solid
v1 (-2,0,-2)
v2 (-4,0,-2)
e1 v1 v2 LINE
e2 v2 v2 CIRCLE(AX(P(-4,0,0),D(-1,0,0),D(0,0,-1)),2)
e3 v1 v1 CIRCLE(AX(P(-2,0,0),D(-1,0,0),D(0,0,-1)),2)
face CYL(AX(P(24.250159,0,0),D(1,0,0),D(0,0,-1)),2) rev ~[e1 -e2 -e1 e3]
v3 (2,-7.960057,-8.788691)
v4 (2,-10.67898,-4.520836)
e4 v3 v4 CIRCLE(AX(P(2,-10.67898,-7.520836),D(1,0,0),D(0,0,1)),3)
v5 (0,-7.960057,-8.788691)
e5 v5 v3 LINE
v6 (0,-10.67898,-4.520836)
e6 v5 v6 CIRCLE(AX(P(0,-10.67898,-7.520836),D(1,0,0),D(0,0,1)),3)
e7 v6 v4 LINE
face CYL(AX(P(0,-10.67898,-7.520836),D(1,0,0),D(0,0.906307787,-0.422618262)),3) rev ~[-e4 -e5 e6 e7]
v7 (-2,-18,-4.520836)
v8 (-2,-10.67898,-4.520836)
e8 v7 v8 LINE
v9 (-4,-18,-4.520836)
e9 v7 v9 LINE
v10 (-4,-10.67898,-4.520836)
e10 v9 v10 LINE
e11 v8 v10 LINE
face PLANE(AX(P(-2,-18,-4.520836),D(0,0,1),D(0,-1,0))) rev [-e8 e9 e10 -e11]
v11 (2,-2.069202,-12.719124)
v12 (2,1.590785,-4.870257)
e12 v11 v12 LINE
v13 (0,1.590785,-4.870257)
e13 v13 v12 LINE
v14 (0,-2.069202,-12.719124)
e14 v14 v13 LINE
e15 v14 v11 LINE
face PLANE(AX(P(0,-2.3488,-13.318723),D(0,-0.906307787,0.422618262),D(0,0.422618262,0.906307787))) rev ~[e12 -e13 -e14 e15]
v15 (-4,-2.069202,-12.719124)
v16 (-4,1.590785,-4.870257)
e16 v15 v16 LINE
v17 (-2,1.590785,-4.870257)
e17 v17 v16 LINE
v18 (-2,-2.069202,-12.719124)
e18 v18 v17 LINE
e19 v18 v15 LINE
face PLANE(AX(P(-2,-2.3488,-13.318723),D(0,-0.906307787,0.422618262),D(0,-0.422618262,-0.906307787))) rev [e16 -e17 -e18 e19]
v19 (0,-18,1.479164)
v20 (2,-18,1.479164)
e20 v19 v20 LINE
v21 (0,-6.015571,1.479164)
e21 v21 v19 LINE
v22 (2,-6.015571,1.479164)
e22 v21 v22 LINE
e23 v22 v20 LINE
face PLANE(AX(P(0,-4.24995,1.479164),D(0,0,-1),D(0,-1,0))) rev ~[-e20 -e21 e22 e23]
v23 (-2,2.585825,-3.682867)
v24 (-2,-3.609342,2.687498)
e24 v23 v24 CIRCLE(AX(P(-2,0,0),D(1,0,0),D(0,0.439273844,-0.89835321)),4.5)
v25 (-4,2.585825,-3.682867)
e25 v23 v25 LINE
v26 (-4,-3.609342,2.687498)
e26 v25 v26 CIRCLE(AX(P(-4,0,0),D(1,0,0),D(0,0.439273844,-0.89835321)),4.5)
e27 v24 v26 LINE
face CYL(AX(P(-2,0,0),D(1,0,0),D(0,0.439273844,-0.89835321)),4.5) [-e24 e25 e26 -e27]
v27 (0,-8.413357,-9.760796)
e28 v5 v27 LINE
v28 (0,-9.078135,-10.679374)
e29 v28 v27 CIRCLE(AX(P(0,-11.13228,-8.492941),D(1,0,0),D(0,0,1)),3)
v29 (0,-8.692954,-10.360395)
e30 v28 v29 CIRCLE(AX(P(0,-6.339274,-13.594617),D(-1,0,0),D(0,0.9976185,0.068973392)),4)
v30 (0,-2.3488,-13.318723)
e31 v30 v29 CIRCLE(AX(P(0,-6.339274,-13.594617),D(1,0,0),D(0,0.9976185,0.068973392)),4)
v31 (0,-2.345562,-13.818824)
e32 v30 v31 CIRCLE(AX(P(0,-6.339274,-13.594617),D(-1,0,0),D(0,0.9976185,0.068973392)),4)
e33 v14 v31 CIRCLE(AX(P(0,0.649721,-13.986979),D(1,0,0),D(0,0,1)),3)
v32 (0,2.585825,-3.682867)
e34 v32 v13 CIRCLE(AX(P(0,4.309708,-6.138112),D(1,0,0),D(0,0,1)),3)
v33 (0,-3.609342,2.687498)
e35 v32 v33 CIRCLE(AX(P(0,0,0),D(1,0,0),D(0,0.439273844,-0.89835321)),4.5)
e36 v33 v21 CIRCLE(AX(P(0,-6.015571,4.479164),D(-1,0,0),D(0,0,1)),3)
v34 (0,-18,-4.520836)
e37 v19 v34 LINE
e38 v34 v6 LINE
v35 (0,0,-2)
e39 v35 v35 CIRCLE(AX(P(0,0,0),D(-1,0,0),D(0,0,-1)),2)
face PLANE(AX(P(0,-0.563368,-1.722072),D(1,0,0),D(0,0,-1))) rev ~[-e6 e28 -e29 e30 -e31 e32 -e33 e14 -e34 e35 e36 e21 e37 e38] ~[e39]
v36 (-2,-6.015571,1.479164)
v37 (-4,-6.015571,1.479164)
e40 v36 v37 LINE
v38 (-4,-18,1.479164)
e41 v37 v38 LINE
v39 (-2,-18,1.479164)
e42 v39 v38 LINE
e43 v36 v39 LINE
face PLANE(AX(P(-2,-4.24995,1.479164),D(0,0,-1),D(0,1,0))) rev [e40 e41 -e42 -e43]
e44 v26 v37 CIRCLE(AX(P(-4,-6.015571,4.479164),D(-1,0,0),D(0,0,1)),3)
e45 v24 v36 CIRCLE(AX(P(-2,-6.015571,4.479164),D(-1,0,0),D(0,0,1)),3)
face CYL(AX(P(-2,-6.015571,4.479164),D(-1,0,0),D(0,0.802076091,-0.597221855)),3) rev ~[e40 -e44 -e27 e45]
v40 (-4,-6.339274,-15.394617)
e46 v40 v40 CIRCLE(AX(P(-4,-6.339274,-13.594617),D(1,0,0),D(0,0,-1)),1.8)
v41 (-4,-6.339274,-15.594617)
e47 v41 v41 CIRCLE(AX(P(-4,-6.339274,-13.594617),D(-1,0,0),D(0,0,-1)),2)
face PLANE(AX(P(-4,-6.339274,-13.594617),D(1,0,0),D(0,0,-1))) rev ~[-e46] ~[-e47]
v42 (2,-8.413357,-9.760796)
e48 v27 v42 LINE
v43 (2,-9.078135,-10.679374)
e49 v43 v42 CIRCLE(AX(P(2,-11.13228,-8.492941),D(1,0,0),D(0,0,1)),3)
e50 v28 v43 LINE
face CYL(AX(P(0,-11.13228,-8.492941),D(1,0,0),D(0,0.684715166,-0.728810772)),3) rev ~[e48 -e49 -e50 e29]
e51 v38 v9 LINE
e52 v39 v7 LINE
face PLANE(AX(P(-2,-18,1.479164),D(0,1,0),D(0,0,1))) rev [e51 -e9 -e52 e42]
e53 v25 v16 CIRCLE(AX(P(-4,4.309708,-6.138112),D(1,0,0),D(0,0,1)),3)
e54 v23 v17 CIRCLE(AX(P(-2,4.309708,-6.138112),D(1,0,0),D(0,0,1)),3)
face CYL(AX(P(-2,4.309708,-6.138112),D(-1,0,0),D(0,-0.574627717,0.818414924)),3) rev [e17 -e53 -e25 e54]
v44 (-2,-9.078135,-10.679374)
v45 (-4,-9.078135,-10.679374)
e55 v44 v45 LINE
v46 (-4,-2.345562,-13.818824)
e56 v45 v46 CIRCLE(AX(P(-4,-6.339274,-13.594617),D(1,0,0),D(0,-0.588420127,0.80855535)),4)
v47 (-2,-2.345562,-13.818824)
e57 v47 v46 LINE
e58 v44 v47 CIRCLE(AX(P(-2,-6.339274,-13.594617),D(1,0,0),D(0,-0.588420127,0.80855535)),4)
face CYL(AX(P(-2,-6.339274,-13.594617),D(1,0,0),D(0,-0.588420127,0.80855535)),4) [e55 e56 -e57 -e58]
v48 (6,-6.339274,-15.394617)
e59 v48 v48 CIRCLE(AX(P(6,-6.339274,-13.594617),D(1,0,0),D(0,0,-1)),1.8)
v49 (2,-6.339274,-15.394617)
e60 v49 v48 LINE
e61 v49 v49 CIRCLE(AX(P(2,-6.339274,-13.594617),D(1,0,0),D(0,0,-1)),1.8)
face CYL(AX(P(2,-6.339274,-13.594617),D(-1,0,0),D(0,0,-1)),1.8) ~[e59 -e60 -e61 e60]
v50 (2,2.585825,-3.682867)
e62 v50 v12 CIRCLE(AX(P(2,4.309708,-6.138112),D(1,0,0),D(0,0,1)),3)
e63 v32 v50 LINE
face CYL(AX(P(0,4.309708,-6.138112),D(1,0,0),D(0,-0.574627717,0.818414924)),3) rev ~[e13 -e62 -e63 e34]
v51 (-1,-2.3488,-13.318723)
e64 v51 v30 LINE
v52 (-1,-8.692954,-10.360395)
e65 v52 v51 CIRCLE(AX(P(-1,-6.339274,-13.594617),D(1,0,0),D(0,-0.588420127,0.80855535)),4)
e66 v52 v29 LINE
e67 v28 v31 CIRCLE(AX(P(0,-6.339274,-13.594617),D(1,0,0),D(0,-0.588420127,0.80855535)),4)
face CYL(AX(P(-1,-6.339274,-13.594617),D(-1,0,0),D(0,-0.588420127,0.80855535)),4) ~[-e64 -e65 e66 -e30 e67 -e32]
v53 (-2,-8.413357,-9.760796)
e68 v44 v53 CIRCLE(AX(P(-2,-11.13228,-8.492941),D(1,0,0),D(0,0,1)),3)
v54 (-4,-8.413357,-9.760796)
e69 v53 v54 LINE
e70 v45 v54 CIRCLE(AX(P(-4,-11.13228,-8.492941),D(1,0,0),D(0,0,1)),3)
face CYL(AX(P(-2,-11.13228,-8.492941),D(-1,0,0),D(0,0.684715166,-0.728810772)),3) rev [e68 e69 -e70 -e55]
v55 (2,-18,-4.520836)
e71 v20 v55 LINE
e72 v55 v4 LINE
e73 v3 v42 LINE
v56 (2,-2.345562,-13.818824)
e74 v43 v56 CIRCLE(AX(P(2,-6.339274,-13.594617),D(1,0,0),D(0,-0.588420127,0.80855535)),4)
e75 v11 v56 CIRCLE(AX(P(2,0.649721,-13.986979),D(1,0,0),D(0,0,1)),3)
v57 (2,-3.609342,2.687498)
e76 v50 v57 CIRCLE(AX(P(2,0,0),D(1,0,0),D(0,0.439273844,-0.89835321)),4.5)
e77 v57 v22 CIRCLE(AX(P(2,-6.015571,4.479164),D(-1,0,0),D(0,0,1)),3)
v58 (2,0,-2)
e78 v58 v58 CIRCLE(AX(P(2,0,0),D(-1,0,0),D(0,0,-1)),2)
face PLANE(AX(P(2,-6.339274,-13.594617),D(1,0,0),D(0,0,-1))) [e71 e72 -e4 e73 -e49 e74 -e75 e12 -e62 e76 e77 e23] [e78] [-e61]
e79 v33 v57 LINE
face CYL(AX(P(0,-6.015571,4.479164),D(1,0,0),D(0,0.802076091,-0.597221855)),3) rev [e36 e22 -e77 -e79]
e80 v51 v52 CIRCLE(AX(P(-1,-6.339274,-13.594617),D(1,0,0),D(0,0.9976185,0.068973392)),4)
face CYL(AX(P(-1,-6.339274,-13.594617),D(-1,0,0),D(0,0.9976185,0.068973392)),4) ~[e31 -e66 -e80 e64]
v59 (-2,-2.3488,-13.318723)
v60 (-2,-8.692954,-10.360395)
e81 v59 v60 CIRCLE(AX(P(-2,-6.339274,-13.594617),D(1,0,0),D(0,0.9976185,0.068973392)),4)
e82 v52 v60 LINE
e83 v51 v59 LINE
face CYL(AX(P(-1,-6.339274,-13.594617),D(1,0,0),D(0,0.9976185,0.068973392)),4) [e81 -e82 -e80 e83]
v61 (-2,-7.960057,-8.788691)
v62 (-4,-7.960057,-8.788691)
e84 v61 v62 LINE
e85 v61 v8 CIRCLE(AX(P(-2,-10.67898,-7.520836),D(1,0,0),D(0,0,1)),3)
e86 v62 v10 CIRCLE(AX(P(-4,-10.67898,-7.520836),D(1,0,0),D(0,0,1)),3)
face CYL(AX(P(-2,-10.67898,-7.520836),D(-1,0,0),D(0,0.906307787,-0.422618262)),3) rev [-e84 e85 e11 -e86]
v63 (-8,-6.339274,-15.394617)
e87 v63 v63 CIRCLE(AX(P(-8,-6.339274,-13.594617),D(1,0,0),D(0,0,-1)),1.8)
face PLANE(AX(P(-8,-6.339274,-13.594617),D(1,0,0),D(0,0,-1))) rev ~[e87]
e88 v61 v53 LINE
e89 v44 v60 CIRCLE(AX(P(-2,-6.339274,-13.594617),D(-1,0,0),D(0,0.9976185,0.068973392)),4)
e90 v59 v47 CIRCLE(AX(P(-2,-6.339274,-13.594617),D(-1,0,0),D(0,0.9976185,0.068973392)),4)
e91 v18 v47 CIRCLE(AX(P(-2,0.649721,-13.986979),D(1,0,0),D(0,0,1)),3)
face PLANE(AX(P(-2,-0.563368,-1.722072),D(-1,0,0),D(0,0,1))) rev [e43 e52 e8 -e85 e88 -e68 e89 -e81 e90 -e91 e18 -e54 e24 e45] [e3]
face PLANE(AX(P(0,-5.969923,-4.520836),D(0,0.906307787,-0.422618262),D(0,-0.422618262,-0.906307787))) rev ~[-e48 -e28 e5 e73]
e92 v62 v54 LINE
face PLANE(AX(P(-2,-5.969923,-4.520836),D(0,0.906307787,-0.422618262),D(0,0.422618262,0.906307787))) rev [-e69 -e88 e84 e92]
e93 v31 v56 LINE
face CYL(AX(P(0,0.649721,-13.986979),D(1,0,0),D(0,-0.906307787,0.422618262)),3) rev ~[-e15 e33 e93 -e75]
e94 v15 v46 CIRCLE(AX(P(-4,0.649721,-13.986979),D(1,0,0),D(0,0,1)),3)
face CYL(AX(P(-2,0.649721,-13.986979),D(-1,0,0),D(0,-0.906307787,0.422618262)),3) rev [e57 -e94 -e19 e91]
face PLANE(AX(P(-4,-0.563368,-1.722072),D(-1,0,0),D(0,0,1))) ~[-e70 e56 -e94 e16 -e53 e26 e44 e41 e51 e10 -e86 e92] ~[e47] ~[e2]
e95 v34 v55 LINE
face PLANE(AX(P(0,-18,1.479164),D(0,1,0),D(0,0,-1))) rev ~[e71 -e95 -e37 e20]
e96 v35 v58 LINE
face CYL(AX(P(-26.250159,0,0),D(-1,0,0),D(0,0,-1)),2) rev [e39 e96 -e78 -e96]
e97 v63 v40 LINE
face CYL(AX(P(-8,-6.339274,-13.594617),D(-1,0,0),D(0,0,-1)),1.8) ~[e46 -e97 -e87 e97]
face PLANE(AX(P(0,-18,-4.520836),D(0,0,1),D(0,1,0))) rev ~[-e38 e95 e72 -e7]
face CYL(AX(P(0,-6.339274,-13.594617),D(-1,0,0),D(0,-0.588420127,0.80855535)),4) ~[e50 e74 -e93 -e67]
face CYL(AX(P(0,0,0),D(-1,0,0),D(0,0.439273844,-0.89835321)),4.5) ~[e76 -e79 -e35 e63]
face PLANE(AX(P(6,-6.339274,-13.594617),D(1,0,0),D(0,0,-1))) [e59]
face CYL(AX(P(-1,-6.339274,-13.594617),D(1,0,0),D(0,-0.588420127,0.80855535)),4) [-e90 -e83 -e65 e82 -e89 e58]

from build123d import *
from build123d.topology import SkipClean

# Parameters (mm, degrees)
EXTRUDE_1_DEPTH          = 2
CUT_EXTRUDE_3_DEPTH      = 26.250159217995726
CUT_EXTRUDE_3_DEPTH_BACK = 26.250159217995726
SKETCH_1_3_R             = 2
SKETCH_1_3_R_2           = 1.9999999999999996
FILLET_1_R               = 3
EXTRUDE_START            = -1
EXTRUDE_2_DEPTH          = 1
SKETCH_2_R               = 1.9999999999999996
EXTRUDE_3_DEPTH          = 6
SKETCH_2_3_R             = 1.7999999999999992
EXTRUDE_4_DEPTH          = 4
EXTRUDE_START_2          = -10
SKETCH_2_4_R             = 1.7999999999999992
EXTRUDE_5_DEPTH          = 4


with BuildPart() as part:
    # 草图1 → 凸台-拉伸1 (new body)
    with BuildSketch(Plane(origin=(0, 0, 0), x_dir=(0, 0, -1), z_dir=(1, 0, 0))):
        with BuildLine():
            Line((1.4791639160924377, 3.172077254628277), (-1.4791639160924381, -3.172077254628276))
            Line((-1.4791639160924381, -3.172077254628276), (3.1918530496674338, -3.172077254628276))
            ThreePointArc((3.1918530496673796, -3.172077254628116), (4.160128527071201, -1.7156137788699422), (4.5, -1.1e-15))
            ThreePointArc((4.5, 0), (4.384156275694355, 1.0144820108261179), (4.042589444315643, 1.9767322997077126))
            Line((4.042589444315688, 1.9767322997077619), (1.4791639160924377, 3.172077254628277))
        make_face()
        with BuildLine():
            Line((1.0842616121308644, -4.367422209548816), (-1.4791639160924381, -3.172077254628276))
            Line((-1.4791639160924381, -3.172077254628276), (-1.479163916092438, -4.249949894919907))
            ThreePointArc((-1.4791639160925047, -4.249949894919926), (-0.20600216890754225, -4.495282316652135), (1.0842616121308772, -4.367422209548712))
        make_face()
        with BuildLine():
            Line((3.1918530496674338, -3.172077254628276), (-1.4791639160924381, -3.172077254628276))
            Line((-1.4791639160924381, -3.172077254628276), (1.0842616121308644, -4.367422209548816))
            ThreePointArc((1.0842616121308772, -4.367422209548712), (2.220022869369828, -3.914268572731687), (3.1918530496673796, -3.172077254628116))
        make_face()
        with BuildLine():
            Line((-1.479163916092438, -4.249949894919907), (-1.4791639160924381, -3.172077254628276))
            Line((-1.4791639160924381, -3.172077254628276), (1.4791639160924377, 3.172077254628277))
            Line((1.4791639160924377, 3.172077254628277), (4.042589444315688, 1.9767322997077619))
            ThreePointArc((4.042589444315643, 1.9767322997077126), (-3.3668502191083185, 2.9856857842194757), (-1.4791639160925047, -4.249949894919926))
        make_face()
        with BuildLine():
            ThreePointArc((4.5, -1.1e-15), (4.160128527071201, -1.7156137788699422), (3.1918530496673796, -3.172077254628116))
            Line((3.1918530496674338, -3.172077254628276), (4.520836083907562, -3.172077254628276))
            Line((4.520836083907562, -3.172077254628276), (4.520836083907562, -5.969923203558247))
            Line((4.520836083907563, -5.969923203558248), (10.360395406591675, -8.692954435976247))
            ThreePointArc((10.360395406591717, -8.69295443597619), (9.969385657403148, -4.6488008791476965), (13.318723238776467, -2.3487999267197663))
            Line((13.318723238776487, -2.348799926719662), (4.042589444315688, 1.9767322997077619))
            ThreePointArc((4.042589444315643, 1.9767322997077126), (4.384156275694355, 1.0144820108261179), (4.5, 0))
        make_face()
        with BuildLine():
            Line((4.520836083907562, -3.172077254628276), (3.1918530496674338, -3.172077254628276))
            ThreePointArc((3.1918530496673796, -3.172077254628116), (2.220022869369828, -3.914268572731687), (1.0842616121308772, -4.367422209548712))
            Line((1.0842616121308644, -4.367422209548816), (4.520836083907563, -5.969923203558248))
            Line((4.520836083907562, -5.969923203558247), (4.520836083907562, -3.172077254628276))
        make_face()
        with BuildLine():
            ThreePointArc((1.0842616121308772, -4.367422209548712), (-0.20600216890754225, -4.495282316652135), (-1.4791639160925047, -4.249949894919926))
            Line((-1.479163916092438, -4.249949894919907), (-1.4791639160924364, -18))
            Line((-1.4791639160924364, -18), (4.520836083907564, -18.000000000000004))
            Line((4.520836083907564, -18.000000000000004), (4.520836083907562, -5.969923203558247))
            Line((4.520836083907563, -5.969923203558248), (1.0842616121308644, -4.367422209548816))
        make_face()
        with BuildLine():
            ThreePointArc((17.59461680554977, -6.3392739261104545), (16.323758221169964, -3.4149300452464746), (13.318723238776467, -2.3487999267197663))
            Line((13.318723238776487, -2.348799926719663), (15.073780721642205, -3.1671966714821758))
            Line((15.073780721642205, -3.167196671482176), (12.115452889457329, -9.51135118073873))
            Line((12.115452889457327, -9.51135118073873), (10.360395406591675, -8.692954435976247))
            ThreePointArc((10.360395406591717, -8.69295443597619), (14.832177794787833, -10.143014558424401), (17.59461680554977, -6.339273926110455))
        make_face()
        with BuildLine():
            Line((15.073780721642205, -3.1671966714821758), (13.318723238776487, -2.348799926719663))
            ThreePointArc((13.318723238776467, -2.3487999267197663), (9.969385657403148, -4.6488008791476965), (10.360395406591717, -8.69295443597619))
            Line((10.360395406591675, -8.692954435976247), (12.115452889457327, -9.51135118073873))
            Line((12.115452889457329, -9.51135118073873), (15.073780721642205, -3.167196671482176))
        make_face()
    extrude(amount=EXTRUDE_1_DEPTH)

    # 草图1<3> → 切除-拉伸3 (cut, two sides: drawn at the far end of the back side and taken through both)
    with BuildSketch(Plane(origin=(0, 0, 0), x_dir=(0, 0, -1), z_dir=(1, 0, 0)).offset(-CUT_EXTRUDE_3_DEPTH_BACK)):
        Circle(SKETCH_1_3_R)
        with Locations((13.594616805549768, -6.3392739261104545)):
            Circle(SKETCH_1_3_R_2)
    extrude(amount=CUT_EXTRUDE_3_DEPTH + CUT_EXTRUDE_3_DEPTH_BACK, mode=Mode.SUBTRACT)

    # 圆角1
    fillet_1_edges = [part.edges().sort_by_distance(p)[0] for p in [
        (1, -2.3487999267197144, -13.318723238776478),
        (1, 1.9767322997077375, -4.0425894443156665),
        (1, -8.692954435976219, -10.360395406591696),
        (1, -5.969923203558247, -4.520836083907563),
        (1, -4.249949894919917, 1.4791639160924714),
    ]]
    fillet(fillet_1_edges, radius=FILLET_1_R)

    # 草图1<4> → 凸台-拉伸2 (add)
    with SkipClean():  # the faces are left unmerged after this step: merging them gives an invalid solid
        with BuildSketch(Plane(origin=(0, 0, 0), x_dir=(0, 0, -1), z_dir=(1, 0, 0)).offset(EXTRUDE_START)):
            with BuildLine():
                ThreePointArc((17.59461680554977, -6.3392739261104545), (16.323758221169964, -3.4149300452464746), (13.318723238776467, -2.3487999267197663))
                Line((13.318723238776487, -2.348799926719663), (15.073780721642205, -3.1671966714821758))
                Line((15.073780721642205, -3.167196671482176), (14.43985332903116, -4.526658352037151))
                ThreePointArc((14.439853329031175, -4.526658352037159), (15.28139969717554, -5.264674709416811), (15.594616805549768, -6.3392739261104545))
                ThreePointArc((15.594616805549768, -6.339273926110455), (14.66921602224341, -8.02605681773623), (12.749380282068358, -8.15188950018375))
                Line((12.749380282068373, -8.151889500183756), (12.115452889457329, -9.51135118073873))
                Line((12.115452889457327, -9.51135118073873), (10.360395406591675, -8.692954435976247))
                ThreePointArc((10.360395406591717, -8.69295443597619), (14.832177794787833, -10.143014558424401), (17.59461680554977, -6.339273926110455))
            make_face()
            with BuildLine():
                Line((15.073780721642205, -3.1671966714821758), (13.318723238776487, -2.348799926719663))
                ThreePointArc((13.318723238776467, -2.3487999267197663), (9.969385657403148, -4.6488008791476965), (10.360395406591717, -8.69295443597619))
                Line((10.360395406591675, -8.692954435976247), (12.115452889457327, -9.51135118073873))
                Line((12.115452889457329, -9.51135118073873), (12.749380282068373, -8.151889500183756))
                ThreePointArc((12.749380282068358, -8.15188950018375), (11.782001231476473, -5.494037402629046), (14.439853329031175, -4.526658352037159))
                Line((14.43985332903116, -4.526658352037151), (15.073780721642205, -3.167196671482176))
            make_face()
        extrude(amount=EXTRUDE_2_DEPTH)

    # 镜向1: part across plane


with BuildPart() as part_1:
    with SkipClean():  # the faces are left unmerged after this step: merging them gives an invalid solid
        add(part.part)
        add(part.part.mirror(Plane.ZY.offset(1)))

    # 草图2 → 凸台-拉伸3 (add)
    with BuildSketch(Plane(origin=(2, 0, 0), x_dir=(0, 0, -1), z_dir=(1, 0, 0))):
        with Locations((13.594616805549768, -6.3392739261104545)):
            Circle(SKETCH_2_R)
    extrude(amount=-EXTRUDE_3_DEPTH)

    # 草图2<3> → 凸台-拉伸4 (add)
    with BuildSketch(Plane(origin=(2, 0, 0), x_dir=(0, 0, -1), z_dir=(1, 0, 0))):
        with Locations((13.594616805549768, -6.3392739261104545)):
            Circle(SKETCH_2_3_R)
    extrude(amount=EXTRUDE_4_DEPTH)

    # 草图2<4> → 凸台-拉伸5 (add)
    with BuildSketch(Plane(origin=(2, 0, 0), x_dir=(0, 0, -1), z_dir=(1, 0, 0)).offset(EXTRUDE_START_2)):
        with Locations((13.594616805549768, -6.3392739261104545)):
            Circle(SKETCH_2_4_R)
    extrude(amount=EXTRUDE_5_DEPTH)


solid = part_1.part
